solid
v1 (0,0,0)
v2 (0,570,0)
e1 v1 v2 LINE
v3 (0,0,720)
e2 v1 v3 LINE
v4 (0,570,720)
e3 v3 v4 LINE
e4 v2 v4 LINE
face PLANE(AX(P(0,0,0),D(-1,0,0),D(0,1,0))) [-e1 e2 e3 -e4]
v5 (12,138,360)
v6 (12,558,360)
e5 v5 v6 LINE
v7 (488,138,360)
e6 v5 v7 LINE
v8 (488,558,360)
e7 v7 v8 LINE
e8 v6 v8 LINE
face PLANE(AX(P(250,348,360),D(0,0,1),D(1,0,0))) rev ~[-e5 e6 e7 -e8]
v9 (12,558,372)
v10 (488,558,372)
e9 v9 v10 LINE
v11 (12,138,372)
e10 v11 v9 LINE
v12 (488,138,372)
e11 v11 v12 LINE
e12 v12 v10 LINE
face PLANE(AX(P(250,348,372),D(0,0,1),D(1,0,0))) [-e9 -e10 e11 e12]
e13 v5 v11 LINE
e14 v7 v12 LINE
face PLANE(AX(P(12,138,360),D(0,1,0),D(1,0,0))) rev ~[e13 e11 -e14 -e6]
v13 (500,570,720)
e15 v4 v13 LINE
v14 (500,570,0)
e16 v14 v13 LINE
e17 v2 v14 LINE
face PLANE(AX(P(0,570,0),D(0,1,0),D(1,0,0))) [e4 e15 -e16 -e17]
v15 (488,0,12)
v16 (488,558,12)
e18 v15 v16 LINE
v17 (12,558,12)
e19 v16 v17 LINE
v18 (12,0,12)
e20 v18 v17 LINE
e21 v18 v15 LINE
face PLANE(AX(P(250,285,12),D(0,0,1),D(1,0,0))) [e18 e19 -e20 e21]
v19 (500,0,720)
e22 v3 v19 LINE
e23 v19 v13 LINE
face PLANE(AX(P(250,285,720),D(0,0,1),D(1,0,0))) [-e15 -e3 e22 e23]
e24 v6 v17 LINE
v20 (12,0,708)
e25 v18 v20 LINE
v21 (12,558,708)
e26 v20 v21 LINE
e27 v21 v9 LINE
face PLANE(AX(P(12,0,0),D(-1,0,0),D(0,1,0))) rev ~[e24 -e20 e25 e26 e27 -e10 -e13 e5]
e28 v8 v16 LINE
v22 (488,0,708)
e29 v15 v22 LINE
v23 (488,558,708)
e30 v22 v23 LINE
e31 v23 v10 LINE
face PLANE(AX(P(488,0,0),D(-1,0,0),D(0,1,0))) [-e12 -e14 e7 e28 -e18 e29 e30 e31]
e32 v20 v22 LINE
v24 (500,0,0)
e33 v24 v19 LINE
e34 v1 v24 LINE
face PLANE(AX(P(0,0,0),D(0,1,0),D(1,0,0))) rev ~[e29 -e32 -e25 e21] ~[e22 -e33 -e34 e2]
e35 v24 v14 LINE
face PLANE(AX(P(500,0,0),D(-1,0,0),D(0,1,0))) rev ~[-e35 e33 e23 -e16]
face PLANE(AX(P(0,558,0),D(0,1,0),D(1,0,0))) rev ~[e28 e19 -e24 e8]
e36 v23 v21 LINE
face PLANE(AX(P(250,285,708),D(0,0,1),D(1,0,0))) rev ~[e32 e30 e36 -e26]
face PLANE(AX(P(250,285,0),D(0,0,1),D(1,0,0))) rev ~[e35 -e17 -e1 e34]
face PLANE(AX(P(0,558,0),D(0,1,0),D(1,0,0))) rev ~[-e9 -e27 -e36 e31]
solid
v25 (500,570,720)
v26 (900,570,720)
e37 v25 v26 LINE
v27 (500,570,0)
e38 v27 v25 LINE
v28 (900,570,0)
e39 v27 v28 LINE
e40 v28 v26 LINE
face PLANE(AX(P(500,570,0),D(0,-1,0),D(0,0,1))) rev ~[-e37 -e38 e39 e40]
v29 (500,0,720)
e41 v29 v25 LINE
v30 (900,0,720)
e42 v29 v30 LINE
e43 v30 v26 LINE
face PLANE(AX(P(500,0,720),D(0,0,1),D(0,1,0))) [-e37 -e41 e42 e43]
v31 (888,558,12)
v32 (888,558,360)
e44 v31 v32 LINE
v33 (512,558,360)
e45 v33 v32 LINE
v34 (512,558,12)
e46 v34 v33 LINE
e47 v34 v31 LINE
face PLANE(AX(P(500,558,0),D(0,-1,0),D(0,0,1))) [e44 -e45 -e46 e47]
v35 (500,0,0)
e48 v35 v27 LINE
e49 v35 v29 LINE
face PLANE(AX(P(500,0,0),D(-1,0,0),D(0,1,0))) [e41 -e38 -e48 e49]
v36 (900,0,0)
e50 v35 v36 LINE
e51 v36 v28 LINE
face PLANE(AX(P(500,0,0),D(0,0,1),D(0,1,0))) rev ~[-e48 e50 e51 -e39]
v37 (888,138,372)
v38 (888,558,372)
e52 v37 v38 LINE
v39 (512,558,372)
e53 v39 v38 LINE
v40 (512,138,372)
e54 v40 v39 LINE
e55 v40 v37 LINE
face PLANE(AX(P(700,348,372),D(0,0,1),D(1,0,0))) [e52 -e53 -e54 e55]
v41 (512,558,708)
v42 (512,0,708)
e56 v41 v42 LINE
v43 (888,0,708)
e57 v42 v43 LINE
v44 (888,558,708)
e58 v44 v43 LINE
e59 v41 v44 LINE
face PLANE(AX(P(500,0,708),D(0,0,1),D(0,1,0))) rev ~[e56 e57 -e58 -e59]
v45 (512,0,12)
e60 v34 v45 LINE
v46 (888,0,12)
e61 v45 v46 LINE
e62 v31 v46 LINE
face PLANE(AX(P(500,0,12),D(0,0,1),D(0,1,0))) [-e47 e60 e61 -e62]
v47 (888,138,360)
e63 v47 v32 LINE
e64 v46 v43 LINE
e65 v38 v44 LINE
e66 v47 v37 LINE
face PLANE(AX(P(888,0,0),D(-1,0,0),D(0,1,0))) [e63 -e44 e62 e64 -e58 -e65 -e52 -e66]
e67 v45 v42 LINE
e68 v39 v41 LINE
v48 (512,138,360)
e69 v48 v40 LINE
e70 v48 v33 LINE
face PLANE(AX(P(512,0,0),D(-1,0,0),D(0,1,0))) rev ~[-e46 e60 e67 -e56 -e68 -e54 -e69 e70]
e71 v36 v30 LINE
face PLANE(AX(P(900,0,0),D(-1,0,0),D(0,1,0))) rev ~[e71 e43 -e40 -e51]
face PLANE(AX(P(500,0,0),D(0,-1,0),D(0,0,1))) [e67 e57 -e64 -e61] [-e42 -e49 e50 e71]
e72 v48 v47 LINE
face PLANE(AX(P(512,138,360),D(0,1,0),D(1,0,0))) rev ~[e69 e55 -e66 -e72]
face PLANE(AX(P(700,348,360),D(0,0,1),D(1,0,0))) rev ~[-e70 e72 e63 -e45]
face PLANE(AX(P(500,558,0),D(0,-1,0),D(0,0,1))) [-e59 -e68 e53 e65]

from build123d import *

# Parameters (mm, degrees)
F0_W     = 500
F0_H     = 570
F1_DEPTH = 720
F2_T     = -12
F4_W     = 476
F4_H     = 420
F5_DEPTH = 12
F6_DEPTH = 400
F7_T     = -12
F8_W     = 376
F8_H     = 420
F9_DEPTH = 12


with BuildPart() as f1:
    # F0 (on Top) → F1 (new body)
    with BuildSketch(Plane.XY):
        with Locations((250, 285)):
            Rectangle(F0_W, F0_H)
    extrude(amount=F1_DEPTH)

    # F2
    f2_openings = [f1.faces().sort_by_distance(p)[0] for p in [
        (250, 0, 360),
    ]]
    offset(amount=F2_T, openings=f2_openings)

    # F4 (on offset) → F5 (join)
    with BuildSketch(Plane.XY.offset(360)):
        with Locations((250, 348)):
            Rectangle(F4_W, F4_H)
    extrude(amount=F5_DEPTH)


with BuildPart() as f6:
    # F6 (new): a face of the model
    f6_faces = [f1.part.faces().sort_by_distance(p)[0] for p in [
        (500, 285, 360),
    ]]
    extrude(f6_faces, amount=F6_DEPTH)

    # F7
    f7_openings = [f6.faces().sort_by_distance(p)[0] for p in [
        (700, 0, 360),
    ]]
    offset(amount=F7_T, openings=f7_openings)

    # F8 (on offset) → F9 (join, through all)
    with BuildSketch(Plane.XY.offset(360)):
        with Locations((700, 348)):
            Rectangle(F8_W, F8_H)
    extrude(amount=F9_DEPTH)


solid = Compound([f1.part, f6.part])
